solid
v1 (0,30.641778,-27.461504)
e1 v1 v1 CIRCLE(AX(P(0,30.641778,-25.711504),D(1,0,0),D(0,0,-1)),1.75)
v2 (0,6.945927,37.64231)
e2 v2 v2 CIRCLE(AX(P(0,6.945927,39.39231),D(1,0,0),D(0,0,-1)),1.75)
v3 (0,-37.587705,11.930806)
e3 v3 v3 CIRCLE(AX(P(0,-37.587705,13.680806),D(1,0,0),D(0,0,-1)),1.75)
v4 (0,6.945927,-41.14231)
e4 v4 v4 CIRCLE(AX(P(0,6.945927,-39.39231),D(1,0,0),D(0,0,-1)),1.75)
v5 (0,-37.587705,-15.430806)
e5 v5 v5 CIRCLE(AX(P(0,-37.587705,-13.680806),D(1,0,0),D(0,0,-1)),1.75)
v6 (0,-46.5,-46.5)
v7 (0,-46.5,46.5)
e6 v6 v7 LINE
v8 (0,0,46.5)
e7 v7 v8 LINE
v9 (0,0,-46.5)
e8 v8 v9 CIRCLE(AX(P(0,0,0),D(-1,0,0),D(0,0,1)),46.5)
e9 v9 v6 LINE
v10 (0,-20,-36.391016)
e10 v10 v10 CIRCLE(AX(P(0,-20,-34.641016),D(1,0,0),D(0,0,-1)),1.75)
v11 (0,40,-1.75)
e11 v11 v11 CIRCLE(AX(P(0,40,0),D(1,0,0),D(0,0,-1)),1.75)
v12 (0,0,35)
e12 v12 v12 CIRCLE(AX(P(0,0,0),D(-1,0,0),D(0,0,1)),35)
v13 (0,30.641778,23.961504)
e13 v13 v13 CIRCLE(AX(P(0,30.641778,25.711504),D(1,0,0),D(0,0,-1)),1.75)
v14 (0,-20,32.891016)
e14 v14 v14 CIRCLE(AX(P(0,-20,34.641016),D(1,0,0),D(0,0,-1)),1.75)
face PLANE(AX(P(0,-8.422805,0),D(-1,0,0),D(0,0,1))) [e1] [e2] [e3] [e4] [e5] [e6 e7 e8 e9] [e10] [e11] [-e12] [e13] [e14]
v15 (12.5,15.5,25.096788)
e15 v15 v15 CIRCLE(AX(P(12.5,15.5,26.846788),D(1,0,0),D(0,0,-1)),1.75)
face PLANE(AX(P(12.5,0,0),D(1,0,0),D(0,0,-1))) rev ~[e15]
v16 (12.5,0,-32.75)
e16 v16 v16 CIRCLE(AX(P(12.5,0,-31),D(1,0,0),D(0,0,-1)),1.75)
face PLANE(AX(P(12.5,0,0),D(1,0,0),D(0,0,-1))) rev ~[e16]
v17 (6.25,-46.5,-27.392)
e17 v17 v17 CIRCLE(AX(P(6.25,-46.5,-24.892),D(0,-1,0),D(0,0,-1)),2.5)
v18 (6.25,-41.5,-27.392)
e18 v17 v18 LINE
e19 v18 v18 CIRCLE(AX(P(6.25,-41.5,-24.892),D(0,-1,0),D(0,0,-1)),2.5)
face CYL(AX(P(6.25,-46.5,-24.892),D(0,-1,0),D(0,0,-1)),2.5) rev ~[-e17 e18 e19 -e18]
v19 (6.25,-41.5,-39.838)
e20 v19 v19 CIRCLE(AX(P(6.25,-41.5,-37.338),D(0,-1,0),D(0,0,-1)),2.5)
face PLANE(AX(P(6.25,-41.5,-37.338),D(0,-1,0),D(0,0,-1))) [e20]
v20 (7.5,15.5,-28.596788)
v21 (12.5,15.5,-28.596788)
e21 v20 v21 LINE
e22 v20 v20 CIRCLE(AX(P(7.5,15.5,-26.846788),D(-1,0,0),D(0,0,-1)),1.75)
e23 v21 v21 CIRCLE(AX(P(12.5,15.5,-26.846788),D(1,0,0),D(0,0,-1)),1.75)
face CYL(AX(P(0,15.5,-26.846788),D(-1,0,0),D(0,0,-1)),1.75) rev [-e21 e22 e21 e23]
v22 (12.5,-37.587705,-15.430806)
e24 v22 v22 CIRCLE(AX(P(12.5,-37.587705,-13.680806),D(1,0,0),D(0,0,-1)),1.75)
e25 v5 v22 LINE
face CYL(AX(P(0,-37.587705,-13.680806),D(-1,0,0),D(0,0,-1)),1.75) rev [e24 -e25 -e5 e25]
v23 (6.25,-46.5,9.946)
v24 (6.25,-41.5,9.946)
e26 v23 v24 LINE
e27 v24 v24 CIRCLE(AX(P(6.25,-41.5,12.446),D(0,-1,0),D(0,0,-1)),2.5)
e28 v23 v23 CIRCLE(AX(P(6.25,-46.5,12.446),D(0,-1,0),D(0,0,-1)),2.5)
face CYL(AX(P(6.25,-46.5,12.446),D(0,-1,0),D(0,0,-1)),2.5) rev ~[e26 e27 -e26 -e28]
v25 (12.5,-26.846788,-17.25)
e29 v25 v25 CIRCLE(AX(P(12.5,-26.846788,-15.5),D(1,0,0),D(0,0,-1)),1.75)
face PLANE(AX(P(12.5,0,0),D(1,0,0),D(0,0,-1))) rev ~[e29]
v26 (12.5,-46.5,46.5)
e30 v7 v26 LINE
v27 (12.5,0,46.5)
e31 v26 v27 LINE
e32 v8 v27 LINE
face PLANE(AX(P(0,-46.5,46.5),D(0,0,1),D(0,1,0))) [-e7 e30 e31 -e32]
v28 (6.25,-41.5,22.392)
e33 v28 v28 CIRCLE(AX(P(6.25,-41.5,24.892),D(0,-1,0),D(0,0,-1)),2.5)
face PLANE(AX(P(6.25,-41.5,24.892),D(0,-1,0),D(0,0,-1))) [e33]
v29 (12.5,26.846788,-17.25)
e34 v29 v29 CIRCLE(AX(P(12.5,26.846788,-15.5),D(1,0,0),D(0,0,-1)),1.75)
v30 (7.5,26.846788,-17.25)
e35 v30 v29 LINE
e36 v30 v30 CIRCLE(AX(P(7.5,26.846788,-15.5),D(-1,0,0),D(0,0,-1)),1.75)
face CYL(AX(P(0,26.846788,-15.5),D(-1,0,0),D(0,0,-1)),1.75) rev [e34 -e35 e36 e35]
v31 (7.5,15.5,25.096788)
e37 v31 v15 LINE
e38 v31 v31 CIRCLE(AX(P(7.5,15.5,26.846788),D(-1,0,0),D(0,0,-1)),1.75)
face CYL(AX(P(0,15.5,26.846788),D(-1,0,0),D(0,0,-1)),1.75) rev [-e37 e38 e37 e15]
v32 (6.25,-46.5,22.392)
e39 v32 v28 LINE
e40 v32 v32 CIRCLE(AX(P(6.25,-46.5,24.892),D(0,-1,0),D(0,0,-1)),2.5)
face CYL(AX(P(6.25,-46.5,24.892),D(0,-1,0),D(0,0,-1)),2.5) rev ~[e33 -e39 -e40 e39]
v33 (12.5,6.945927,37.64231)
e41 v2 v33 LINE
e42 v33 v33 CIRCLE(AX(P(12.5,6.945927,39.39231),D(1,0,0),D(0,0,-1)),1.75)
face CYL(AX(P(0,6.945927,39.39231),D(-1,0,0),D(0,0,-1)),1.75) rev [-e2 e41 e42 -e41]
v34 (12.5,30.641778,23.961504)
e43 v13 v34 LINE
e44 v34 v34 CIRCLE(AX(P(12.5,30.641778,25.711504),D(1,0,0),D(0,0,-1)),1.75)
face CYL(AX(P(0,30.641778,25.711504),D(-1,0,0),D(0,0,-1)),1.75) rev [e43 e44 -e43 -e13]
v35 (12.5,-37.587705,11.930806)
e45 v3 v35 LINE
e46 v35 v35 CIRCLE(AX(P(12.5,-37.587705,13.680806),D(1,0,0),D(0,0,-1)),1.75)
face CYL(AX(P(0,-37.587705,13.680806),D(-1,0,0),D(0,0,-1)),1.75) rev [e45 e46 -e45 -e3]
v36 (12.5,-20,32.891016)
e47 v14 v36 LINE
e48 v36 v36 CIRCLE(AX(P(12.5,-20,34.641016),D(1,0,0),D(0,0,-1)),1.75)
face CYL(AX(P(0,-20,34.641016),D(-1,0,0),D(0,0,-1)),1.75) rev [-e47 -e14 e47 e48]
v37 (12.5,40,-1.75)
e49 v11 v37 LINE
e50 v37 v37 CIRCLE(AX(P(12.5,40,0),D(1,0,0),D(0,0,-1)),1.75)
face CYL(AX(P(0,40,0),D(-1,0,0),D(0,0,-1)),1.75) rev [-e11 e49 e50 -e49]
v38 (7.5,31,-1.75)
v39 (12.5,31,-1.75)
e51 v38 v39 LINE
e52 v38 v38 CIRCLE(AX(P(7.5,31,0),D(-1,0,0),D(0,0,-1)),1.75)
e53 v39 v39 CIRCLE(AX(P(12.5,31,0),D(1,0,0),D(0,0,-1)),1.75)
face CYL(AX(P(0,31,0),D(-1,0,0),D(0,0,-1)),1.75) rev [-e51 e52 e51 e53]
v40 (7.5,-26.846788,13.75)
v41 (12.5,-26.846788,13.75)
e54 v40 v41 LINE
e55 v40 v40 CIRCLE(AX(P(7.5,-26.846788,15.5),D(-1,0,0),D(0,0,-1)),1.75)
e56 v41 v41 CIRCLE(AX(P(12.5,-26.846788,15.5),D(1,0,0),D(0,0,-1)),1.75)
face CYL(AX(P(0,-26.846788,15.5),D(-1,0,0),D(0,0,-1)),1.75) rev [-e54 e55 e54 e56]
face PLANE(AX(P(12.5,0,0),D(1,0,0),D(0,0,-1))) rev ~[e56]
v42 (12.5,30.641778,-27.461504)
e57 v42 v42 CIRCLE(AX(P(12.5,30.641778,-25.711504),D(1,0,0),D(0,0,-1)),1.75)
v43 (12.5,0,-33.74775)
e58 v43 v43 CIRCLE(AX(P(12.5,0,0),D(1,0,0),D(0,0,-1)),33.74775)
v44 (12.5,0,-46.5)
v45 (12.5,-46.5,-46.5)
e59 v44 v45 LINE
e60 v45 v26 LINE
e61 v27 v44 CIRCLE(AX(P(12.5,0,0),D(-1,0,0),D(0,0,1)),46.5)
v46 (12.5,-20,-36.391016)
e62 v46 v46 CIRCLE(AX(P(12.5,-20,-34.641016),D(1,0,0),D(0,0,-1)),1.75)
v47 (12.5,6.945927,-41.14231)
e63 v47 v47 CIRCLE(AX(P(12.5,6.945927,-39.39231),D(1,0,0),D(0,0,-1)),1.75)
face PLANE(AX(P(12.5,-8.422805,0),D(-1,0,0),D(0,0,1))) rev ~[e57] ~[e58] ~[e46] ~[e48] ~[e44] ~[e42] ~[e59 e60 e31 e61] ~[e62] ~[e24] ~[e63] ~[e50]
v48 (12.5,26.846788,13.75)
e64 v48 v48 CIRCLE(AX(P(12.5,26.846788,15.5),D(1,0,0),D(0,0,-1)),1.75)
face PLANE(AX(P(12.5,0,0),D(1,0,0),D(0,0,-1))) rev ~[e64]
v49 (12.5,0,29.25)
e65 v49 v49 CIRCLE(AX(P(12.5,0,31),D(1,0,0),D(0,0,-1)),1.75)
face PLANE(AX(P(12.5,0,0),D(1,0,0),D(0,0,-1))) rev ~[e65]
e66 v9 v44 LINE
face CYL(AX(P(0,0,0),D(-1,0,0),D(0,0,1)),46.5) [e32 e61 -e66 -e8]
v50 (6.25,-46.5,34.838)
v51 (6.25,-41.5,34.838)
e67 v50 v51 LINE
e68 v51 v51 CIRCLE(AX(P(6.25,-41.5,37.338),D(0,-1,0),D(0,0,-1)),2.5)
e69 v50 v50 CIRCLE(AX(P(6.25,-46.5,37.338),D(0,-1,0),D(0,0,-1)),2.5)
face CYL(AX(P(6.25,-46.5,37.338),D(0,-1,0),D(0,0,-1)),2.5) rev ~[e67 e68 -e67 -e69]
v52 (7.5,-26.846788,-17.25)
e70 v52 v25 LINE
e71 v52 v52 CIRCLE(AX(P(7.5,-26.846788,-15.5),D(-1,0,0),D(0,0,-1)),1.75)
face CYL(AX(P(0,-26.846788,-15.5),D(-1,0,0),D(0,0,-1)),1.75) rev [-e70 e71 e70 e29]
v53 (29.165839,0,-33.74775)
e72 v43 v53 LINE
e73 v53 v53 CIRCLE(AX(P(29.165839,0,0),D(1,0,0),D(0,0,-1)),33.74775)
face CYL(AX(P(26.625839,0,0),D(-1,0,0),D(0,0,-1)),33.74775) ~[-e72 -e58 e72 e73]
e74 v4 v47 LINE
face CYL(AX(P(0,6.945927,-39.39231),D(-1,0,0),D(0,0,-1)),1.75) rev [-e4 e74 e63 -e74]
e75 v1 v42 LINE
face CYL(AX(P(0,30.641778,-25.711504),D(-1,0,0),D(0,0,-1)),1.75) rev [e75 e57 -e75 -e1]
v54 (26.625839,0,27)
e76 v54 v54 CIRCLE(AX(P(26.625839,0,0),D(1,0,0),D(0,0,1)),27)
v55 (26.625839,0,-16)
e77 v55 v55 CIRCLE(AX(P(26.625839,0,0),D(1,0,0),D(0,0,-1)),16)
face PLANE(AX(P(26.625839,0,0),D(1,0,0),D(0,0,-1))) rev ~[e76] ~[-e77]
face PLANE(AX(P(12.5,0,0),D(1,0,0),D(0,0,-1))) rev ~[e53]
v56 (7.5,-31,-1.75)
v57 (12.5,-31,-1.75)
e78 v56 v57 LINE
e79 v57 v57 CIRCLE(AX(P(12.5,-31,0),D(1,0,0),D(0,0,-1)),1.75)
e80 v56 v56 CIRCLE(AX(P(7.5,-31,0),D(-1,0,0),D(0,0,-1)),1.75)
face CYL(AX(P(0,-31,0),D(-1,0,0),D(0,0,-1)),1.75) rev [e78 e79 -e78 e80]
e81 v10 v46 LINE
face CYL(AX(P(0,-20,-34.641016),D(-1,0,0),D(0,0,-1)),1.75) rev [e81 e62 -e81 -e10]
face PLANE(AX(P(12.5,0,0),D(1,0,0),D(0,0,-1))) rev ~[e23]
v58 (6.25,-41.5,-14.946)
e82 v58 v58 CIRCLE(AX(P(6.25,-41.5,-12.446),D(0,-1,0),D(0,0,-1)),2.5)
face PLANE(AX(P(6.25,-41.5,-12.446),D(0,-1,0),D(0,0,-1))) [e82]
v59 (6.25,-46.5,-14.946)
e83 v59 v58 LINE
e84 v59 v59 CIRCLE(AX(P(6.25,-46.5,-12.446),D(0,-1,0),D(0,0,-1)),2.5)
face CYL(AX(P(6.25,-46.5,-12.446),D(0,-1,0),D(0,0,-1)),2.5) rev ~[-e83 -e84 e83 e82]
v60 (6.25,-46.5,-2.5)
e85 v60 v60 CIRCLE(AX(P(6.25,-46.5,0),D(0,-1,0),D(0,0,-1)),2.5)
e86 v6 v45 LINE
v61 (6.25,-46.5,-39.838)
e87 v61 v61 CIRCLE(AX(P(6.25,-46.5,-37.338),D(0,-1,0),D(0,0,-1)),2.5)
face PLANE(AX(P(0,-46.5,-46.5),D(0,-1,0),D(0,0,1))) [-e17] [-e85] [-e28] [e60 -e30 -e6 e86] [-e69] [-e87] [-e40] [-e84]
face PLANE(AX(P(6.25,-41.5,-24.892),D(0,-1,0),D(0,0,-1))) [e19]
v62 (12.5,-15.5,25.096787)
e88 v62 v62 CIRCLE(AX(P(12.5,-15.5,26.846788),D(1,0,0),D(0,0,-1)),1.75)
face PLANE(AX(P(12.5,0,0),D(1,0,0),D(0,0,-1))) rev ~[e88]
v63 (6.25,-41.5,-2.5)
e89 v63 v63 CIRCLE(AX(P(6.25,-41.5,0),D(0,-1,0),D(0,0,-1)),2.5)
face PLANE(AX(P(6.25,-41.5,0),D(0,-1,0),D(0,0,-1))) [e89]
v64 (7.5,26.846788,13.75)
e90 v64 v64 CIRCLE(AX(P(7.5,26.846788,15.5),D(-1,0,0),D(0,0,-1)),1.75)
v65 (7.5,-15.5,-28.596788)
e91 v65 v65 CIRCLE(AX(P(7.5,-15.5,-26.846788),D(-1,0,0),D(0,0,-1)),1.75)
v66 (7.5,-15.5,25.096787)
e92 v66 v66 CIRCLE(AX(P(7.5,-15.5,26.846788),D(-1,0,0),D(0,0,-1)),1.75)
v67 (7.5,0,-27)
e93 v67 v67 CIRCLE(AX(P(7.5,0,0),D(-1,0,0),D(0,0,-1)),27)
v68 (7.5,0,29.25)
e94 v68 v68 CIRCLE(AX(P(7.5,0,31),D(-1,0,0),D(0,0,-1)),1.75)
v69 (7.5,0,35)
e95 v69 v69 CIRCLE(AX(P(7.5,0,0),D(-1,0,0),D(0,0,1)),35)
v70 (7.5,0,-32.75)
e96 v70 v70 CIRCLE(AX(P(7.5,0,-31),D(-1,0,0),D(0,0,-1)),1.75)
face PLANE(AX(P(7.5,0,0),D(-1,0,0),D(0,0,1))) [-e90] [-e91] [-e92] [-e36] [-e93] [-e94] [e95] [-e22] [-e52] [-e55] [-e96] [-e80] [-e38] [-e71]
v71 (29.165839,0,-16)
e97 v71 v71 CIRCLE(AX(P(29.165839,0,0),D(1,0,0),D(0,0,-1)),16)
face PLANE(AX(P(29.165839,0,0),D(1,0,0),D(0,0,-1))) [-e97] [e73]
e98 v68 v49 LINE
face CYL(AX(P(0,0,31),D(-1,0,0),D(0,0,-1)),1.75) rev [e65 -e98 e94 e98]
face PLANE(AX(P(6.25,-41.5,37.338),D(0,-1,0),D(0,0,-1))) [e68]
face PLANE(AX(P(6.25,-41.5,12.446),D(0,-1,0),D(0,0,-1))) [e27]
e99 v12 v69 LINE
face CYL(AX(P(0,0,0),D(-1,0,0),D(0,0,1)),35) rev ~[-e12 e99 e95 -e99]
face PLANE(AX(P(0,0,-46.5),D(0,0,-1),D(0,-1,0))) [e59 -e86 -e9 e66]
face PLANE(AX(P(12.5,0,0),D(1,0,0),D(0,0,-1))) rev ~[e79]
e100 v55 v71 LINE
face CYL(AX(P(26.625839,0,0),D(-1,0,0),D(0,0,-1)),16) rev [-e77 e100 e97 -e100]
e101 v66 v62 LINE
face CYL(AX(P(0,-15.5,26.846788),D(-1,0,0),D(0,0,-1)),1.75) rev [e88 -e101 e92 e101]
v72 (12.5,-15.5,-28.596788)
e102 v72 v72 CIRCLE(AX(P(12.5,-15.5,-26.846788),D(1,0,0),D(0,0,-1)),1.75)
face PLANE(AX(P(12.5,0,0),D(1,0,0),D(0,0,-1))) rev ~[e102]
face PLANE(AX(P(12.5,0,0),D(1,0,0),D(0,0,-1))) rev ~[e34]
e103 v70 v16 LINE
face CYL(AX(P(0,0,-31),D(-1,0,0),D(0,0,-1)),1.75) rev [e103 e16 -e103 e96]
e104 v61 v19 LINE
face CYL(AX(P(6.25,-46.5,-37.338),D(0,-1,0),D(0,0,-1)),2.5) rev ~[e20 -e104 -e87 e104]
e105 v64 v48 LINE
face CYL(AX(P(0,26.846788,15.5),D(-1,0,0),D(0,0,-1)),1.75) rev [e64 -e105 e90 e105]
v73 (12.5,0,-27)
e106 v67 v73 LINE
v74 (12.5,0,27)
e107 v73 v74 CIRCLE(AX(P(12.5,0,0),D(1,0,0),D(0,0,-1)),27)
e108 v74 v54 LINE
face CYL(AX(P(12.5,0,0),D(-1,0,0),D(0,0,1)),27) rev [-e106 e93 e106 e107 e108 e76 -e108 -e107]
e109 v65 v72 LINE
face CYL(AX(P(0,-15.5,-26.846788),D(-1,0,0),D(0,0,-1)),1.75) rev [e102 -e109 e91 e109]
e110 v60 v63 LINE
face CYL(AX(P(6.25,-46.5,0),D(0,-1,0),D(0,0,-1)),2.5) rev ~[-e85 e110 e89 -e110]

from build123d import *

# Parameters (mm, degrees)
SKETCH1_R           = 27
SKETCH1_R_2         = 1.750000056
SKETCH1_R_3         = 1.75
BOSS_EXTRUDE1_DEPTH = 12.5
SKETCH6_R           = 35
CUT_EXTRUDE3_DEPTH  = 7.5
SKETCH7_R           = 33.747750153
SKETCH7_R_2         = 27
BOSS_EXTRUDE4_DEPTH = 14.125838812
SKETCH8_R           = 33.747750153
SKETCH8_R_2         = 16
BOSS_EXTRUDE5_DEPTH = 2.54
SKETCH9_R           = 2.499999953
CUT_EXTRUDE4_DEPTH  = 5


with BuildPart() as part:
    # Sketch1 → Boss-Extrude1 (new body)
    with BuildSketch(Plane(origin=(0, 0, 0), x_dir=(0, 0, -1), z_dir=(1, 0, 0))):
        with BuildLine():
            Line((46.5, 0), (46.5, -46.5))
            Line((46.5, -46.5), (-46.5, -46.5))
            Line((-46.5, -46.5), (-46.5, 0))
            ThreePointArc((-46.5, 0), (0, 46.5), (46.5, 0))
        make_face()
        Circle(SKETCH1_R, mode=Mode.SUBTRACT)
        with Locations((15.5, 26.846787517)):
            Circle(SKETCH1_R_2, mode=Mode.SUBTRACT)
        with Locations((0, 31)):
            Circle(SKETCH1_R_2, mode=Mode.SUBTRACT)
        with Locations((-15.5, 26.846787517)):
            Circle(SKETCH1_R_2, mode=Mode.SUBTRACT)
        with Locations((-31, 0)):
            Circle(SKETCH1_R_2, mode=Mode.SUBTRACT)
        with Locations((-26.846787517, -15.5)):
            Circle(SKETCH1_R_2, mode=Mode.SUBTRACT)
        with Locations((-15.5, -26.846787517)):
            Circle(SKETCH1_R_2, mode=Mode.SUBTRACT)
        with Locations((0, -31)):
            Circle(SKETCH1_R_2, mode=Mode.SUBTRACT)
        with Locations((15.5, -26.846787517)):
            Circle(SKETCH1_R_2, mode=Mode.SUBTRACT)
        with Locations((26.846787517, -15.5)):
            Circle(SKETCH1_R_2, mode=Mode.SUBTRACT)
        with Locations((31, 0)):
            Circle(SKETCH1_R_2, mode=Mode.SUBTRACT)
        with Locations((26.846787517, 15.5)):
            Circle(SKETCH1_R_2, mode=Mode.SUBTRACT)
        with Locations((-26.846787517, 15.5)):
            Circle(SKETCH1_R_3, mode=Mode.SUBTRACT)
        with Locations((0, 40)):
            Circle(SKETCH1_R_3, mode=Mode.SUBTRACT)
        with Locations((25.711504387, 30.641777725)):
            Circle(SKETCH1_R_3, mode=Mode.SUBTRACT)
        with Locations((39.39231012, 6.945927107)):
            Circle(SKETCH1_R_3, mode=Mode.SUBTRACT)
        with Locations((34.641016151, -20)):
            Circle(SKETCH1_R_3, mode=Mode.SUBTRACT)
        with Locations((13.680805733, -37.587704831)):
            Circle(SKETCH1_R_3, mode=Mode.SUBTRACT)
        with Locations((-13.680805733, -37.587704831)):
            Circle(SKETCH1_R_3, mode=Mode.SUBTRACT)
        with Locations((-34.641016151, -20)):
            Circle(SKETCH1_R_3, mode=Mode.SUBTRACT)
        with Locations((-39.39231012, 6.945927107)):
            Circle(SKETCH1_R_3, mode=Mode.SUBTRACT)
        with Locations((-25.711504387, 30.641777725)):
            Circle(SKETCH1_R_3, mode=Mode.SUBTRACT)
    extrude(amount=BOSS_EXTRUDE1_DEPTH)

    # Sketch6 → Cut-Extrude3 (cut)
    with BuildSketch(Plane.ZY):
        Circle(SKETCH6_R)
    extrude(amount=-CUT_EXTRUDE3_DEPTH, mode=Mode.SUBTRACT)

    # Sketch7 → Boss-Extrude4 (add)
    with BuildSketch(Plane(origin=(12.5, 0, 0), x_dir=(0, 0, -1), z_dir=(1, 0, 0))):
        Circle(SKETCH7_R)
        with Locations(Location((0, 0, 0), (0, 0, 180))):
            Circle(SKETCH7_R_2, mode=Mode.SUBTRACT)
    extrude(amount=BOSS_EXTRUDE4_DEPTH)

    # Sketch8 → Boss-Extrude5 (add)
    with BuildSketch(Plane(origin=(26.625838812, 0, 0), x_dir=(0, 0, -1), z_dir=(1, 0, 0))):
        Circle(SKETCH8_R)
        Circle(SKETCH8_R_2, mode=Mode.SUBTRACT)
    extrude(amount=BOSS_EXTRUDE5_DEPTH)

    # Sketch9 → Cut-Extrude4 (cut)
    with BuildSketch(Plane.XZ.offset(46.5)):
        with Locations(Location((6.25, 37.338000036, 0), (0, 0, 270))):
            Circle(SKETCH9_R)
        with Locations(Location((6.25, 24.892000036, 0), (0, 0, 270))):
            Circle(SKETCH9_R)
        with Locations(Location((6.25, 12.446000036, 0), (0, 0, 270))):
            Circle(SKETCH9_R)
        with Locations(Location((6.25, 3.6e-08, 0), (0, 0, 270))):
            Circle(SKETCH9_R)
        with Locations(Location((6.25, -12.445999964, 0), (0, 0, 270))):
            Circle(SKETCH9_R)
        with Locations(Location((6.25, -24.891999964, 0), (0, 0, 270))):
            Circle(SKETCH9_R)
        with Locations(Location((6.25, -37.337999964, 0), (0, 0, 270))):
            Circle(SKETCH9_R)
    extrude(amount=-CUT_EXTRUDE4_DEPTH, mode=Mode.SUBTRACT)


solid = part.part
